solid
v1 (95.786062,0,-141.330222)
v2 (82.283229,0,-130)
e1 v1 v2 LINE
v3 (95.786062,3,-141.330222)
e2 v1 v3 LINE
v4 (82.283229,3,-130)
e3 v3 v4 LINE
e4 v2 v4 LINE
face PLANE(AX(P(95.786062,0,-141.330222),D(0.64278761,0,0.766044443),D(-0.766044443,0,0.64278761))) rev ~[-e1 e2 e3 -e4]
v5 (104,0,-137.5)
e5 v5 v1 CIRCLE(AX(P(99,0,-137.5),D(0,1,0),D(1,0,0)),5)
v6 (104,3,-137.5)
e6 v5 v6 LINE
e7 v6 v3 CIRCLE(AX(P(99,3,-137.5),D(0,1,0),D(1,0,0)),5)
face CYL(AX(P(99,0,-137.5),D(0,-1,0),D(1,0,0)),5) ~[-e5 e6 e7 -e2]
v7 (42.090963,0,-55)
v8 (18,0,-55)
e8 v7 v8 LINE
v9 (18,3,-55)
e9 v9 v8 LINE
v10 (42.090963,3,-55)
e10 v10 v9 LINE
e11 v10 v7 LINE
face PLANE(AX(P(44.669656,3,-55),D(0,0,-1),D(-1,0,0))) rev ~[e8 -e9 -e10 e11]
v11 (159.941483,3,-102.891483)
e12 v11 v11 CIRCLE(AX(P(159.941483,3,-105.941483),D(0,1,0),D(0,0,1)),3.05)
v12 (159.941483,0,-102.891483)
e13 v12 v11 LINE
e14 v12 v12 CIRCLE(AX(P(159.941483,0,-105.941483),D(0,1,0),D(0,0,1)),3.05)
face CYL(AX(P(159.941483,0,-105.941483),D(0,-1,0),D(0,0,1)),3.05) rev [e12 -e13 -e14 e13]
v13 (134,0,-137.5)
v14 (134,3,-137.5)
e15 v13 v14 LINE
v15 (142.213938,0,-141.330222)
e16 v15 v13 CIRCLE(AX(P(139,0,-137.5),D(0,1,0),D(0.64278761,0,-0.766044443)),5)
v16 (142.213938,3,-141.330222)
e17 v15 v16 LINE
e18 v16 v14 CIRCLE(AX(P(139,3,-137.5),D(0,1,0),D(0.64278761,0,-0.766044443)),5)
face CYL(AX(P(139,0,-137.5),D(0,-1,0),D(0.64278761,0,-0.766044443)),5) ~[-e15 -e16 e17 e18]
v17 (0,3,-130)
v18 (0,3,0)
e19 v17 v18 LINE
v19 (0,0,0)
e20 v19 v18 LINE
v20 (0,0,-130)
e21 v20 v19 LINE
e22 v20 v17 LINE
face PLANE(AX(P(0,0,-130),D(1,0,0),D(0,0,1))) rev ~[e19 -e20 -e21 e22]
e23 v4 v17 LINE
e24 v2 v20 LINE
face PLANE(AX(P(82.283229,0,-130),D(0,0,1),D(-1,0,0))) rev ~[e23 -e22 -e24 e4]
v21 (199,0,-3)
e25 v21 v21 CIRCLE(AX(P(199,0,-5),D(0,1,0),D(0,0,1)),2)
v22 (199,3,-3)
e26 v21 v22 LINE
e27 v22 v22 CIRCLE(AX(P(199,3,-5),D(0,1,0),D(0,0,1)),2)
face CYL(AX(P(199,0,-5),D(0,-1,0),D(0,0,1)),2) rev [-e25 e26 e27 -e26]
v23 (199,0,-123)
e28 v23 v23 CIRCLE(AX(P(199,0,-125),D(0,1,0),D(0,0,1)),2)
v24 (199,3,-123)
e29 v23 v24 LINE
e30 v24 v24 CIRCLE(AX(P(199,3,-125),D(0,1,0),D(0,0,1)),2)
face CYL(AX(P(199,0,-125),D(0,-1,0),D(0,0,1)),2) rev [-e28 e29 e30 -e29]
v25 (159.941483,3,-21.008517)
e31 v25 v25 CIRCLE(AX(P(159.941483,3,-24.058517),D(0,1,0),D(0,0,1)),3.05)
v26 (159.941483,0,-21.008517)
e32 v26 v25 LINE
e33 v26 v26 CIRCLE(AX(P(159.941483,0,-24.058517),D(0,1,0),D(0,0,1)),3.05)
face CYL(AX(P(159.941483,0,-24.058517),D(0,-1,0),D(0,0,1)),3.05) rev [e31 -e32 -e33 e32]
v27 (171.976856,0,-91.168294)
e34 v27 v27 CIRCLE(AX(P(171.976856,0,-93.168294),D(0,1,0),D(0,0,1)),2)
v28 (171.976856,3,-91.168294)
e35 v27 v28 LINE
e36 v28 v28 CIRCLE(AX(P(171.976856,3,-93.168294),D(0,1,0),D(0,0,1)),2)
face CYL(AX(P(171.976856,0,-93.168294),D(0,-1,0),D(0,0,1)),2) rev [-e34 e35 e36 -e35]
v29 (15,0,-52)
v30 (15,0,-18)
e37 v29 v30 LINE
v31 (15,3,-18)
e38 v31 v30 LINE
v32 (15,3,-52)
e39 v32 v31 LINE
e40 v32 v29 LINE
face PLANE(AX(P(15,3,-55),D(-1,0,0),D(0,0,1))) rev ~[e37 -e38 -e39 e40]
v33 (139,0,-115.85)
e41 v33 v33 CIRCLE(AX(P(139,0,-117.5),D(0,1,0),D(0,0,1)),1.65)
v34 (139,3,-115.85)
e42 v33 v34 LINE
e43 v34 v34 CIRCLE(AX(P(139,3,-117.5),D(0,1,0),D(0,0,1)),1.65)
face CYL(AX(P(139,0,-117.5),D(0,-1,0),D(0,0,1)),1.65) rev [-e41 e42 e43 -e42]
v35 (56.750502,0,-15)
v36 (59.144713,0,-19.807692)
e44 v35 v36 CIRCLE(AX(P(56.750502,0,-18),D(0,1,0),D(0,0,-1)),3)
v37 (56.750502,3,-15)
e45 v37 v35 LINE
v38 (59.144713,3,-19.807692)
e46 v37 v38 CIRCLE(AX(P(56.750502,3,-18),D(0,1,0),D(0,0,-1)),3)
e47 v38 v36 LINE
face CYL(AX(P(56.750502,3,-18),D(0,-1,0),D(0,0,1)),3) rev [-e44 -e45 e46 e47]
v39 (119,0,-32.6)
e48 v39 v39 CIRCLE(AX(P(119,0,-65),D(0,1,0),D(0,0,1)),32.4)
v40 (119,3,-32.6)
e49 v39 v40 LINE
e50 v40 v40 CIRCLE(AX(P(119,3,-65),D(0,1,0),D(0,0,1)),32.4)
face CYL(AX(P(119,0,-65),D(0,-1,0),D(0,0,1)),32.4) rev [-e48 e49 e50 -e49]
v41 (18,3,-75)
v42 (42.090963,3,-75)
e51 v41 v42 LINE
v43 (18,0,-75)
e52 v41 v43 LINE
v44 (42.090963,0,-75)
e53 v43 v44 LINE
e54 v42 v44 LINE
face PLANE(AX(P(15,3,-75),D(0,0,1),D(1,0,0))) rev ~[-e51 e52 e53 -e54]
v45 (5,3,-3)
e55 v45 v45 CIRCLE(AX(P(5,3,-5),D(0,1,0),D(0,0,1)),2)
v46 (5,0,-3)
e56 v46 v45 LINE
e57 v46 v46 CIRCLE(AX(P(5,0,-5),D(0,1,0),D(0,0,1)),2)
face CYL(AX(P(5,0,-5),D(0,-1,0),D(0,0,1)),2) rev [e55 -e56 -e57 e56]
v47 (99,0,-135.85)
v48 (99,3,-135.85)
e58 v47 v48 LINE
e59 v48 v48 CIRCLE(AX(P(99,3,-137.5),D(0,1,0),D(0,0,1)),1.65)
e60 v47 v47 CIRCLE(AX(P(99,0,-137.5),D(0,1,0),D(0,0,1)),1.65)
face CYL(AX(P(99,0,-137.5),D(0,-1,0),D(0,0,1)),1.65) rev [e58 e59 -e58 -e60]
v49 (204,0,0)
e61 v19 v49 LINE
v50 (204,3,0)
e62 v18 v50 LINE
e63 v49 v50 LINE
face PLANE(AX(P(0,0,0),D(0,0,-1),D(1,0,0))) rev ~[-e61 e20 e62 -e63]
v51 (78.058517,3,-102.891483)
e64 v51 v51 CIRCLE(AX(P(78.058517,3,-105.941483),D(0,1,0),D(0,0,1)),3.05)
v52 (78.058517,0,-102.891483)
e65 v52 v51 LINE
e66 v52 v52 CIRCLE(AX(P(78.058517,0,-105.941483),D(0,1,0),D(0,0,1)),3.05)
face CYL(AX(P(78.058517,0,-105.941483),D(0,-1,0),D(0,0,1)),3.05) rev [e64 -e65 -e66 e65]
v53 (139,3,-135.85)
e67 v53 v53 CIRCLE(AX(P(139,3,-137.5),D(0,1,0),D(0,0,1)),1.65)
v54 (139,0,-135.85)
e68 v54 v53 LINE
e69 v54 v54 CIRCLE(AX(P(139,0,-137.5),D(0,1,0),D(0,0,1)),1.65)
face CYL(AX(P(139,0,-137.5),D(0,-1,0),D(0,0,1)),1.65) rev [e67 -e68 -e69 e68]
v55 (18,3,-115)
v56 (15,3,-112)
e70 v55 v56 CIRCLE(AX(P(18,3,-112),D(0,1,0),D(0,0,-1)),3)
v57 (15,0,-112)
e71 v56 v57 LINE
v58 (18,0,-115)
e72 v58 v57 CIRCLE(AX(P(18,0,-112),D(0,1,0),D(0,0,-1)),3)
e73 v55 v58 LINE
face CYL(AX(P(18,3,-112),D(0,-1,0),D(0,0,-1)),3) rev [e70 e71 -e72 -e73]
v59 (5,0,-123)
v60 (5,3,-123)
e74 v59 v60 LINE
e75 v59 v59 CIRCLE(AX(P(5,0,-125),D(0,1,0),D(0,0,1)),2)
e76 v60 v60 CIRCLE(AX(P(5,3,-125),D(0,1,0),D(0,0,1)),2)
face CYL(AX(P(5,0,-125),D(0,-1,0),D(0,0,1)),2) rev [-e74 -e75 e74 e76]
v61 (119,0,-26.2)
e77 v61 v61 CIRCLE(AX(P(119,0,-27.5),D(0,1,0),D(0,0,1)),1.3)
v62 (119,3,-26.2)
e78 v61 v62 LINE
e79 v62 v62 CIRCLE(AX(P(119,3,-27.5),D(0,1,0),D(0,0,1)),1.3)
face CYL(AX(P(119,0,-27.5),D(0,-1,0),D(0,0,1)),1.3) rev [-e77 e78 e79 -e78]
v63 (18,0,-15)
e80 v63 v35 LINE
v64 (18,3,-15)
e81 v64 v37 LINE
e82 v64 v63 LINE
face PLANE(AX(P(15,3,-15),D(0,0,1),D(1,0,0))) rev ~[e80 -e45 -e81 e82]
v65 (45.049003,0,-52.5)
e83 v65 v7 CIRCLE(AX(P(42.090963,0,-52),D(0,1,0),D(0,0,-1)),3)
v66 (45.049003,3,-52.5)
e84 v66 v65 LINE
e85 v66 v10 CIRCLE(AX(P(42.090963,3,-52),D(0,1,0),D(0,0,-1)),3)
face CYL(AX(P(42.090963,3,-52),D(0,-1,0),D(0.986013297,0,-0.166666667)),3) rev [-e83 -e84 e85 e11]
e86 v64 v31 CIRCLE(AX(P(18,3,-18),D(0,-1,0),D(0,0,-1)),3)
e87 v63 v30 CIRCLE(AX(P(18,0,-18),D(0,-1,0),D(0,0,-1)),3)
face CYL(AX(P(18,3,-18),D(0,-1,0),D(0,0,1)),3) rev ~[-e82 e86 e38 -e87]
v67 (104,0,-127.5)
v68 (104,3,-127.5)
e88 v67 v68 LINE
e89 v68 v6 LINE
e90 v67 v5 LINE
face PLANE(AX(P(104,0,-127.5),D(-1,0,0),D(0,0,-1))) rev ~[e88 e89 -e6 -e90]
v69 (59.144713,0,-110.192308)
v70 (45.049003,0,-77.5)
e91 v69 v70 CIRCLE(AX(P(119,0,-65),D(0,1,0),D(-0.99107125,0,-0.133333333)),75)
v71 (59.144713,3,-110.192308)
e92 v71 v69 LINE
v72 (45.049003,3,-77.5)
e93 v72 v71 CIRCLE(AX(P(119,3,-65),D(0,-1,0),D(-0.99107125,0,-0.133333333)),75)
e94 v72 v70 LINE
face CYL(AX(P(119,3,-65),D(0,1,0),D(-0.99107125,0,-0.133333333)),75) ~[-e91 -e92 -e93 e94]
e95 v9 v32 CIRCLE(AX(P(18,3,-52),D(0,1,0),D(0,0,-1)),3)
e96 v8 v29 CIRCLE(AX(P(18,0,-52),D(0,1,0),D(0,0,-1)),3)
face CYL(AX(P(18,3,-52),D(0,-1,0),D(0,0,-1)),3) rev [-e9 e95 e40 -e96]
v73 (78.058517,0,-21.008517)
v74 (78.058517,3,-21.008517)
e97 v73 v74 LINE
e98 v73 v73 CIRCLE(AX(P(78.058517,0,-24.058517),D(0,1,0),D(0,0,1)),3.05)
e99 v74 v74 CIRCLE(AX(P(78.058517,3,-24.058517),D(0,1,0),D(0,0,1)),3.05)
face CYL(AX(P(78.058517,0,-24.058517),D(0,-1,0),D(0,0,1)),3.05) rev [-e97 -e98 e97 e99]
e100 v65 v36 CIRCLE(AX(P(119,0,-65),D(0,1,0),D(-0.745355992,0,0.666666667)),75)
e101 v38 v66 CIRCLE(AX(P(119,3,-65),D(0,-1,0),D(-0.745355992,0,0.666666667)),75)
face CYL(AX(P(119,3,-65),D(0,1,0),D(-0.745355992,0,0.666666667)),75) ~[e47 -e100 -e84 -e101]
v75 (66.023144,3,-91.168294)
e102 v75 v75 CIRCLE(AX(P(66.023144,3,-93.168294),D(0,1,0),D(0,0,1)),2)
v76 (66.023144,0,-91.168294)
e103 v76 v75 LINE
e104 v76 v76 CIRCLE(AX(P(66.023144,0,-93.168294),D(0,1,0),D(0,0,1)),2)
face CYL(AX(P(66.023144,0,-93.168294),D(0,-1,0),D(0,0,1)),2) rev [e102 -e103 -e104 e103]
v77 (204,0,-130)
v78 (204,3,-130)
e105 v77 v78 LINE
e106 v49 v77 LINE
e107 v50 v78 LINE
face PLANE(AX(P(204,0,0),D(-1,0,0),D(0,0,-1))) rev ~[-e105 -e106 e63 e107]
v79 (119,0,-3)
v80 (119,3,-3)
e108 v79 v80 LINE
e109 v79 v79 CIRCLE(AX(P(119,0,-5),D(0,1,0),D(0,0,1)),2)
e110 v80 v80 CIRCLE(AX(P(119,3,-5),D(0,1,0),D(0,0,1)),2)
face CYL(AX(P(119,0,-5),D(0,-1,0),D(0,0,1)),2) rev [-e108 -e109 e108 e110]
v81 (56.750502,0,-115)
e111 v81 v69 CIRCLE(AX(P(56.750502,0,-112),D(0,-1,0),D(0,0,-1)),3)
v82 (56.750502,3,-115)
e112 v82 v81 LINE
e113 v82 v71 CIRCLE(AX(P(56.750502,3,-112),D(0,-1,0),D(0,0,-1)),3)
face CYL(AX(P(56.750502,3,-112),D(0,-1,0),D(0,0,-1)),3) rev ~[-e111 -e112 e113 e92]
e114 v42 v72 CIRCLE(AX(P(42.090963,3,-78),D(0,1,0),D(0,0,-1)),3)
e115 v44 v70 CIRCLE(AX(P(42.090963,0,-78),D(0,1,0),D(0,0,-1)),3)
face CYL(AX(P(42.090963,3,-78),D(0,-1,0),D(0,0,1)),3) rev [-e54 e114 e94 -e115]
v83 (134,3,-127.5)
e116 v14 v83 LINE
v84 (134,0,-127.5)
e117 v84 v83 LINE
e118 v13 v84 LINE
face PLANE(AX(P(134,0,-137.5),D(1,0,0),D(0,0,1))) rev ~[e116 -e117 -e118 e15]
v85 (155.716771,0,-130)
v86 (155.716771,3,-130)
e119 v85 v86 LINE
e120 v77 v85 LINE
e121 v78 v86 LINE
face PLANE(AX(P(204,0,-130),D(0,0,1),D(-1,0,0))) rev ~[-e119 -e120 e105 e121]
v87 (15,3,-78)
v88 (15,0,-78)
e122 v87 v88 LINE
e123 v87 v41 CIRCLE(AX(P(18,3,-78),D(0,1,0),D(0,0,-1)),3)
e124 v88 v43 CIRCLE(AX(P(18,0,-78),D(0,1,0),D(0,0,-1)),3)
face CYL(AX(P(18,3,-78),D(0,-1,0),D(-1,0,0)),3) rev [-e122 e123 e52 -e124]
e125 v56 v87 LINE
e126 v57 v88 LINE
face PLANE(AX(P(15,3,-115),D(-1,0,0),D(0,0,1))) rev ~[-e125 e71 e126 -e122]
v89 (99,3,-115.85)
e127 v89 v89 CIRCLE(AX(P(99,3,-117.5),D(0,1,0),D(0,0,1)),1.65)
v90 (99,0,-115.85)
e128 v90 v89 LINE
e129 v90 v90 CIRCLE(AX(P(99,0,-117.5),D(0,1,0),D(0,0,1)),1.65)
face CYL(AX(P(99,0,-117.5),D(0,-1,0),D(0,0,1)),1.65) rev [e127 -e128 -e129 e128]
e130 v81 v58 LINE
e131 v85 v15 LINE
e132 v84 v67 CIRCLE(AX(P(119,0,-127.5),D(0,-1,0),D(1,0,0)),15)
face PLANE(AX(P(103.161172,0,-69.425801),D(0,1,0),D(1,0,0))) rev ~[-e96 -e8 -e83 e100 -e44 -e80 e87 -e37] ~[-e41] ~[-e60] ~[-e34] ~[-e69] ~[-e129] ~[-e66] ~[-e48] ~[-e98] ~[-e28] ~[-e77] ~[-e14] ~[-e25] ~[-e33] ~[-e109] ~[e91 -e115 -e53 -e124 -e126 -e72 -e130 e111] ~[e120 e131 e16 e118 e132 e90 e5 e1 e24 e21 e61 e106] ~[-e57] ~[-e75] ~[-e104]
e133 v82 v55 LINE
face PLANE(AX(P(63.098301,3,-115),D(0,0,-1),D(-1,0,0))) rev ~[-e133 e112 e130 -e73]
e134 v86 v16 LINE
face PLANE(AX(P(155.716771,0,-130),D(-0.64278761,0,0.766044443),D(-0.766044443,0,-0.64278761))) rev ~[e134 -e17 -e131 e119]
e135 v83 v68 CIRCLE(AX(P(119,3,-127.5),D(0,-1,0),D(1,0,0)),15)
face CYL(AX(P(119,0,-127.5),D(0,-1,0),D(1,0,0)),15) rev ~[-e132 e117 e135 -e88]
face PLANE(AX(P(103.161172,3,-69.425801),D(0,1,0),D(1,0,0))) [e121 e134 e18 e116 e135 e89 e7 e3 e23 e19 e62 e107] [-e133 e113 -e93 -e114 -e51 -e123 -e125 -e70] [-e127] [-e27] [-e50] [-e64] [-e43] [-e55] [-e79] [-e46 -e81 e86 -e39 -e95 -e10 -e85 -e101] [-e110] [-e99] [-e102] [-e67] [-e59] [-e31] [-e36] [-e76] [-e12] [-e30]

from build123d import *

# Parameters (mm, degrees)
SKETCH_1_R          = 2
SKETCH_1_R_2        = 3.05
SKETCH_1_R_3        = 1.3
SKETCH_1_R_4        = 32.4
SKETCH_1_R_5        = 1.65
EXTRUDE_1_DEPTH     = 3
CUT_EXTRUDE_1_DEPTH = 249.859900346
FILLET_1_R          = 3


with BuildPart() as part:
    # ｽｹｯﾁ1 → ﾎﾞｽ - 押し出し1 (new body)
    with BuildSketch(Plane(origin=(0, 0, 0), x_dir=(1, 0, 0), z_dir=(0, 1, 0))):
        with BuildLine():
            Line((0, 130), (0, 0))
            Line((0, 0), (204, 0))
            Line((204, 0), (204, 130))
            Line((204, 130), (155.716771079, 130))
            Line((155.716771079, 130), (142.213938048, 141.330222216))
            ThreePointArc((142.213938048, 141.330222216), (136.886908691, 142.031538935), (134, 137.5))
            Line((134, 137.5), (134, 127.5))
            ThreePointArc((134, 127.5), (119, 112.5), (104, 127.5))
            Line((104, 127.5), (104, 130))
            Line((104, 130), (104, 137.5))
            ThreePointArc((104, 137.5), (101.113091309, 142.031538935), (95.786061952, 141.330222216))
            Line((95.786061952, 141.330222216), (82.283228921, 130))
            Line((82.283228921, 130), (0, 130))
        make_face()
        with Locations(Location((5, 5, 0), (0, 0, 270))):
            Circle(SKETCH_1_R, mode=Mode.SUBTRACT)
        with Locations(Location((78.058517369, 24.058517369, 0), (0, 0, 270))):
            Circle(SKETCH_1_R_2, mode=Mode.SUBTRACT)
        with Locations(Location((119, 5, 0), (0, 0, 270))):
            Circle(SKETCH_1_R, mode=Mode.SUBTRACT)
        with Locations(Location((119, 27.5, 0), (0, 0, 270))):
            Circle(SKETCH_1_R_3, mode=Mode.SUBTRACT)
        with Locations(Location((199, 5, 0), (0, 0, 270))):
            Circle(SKETCH_1_R, mode=Mode.SUBTRACT)
        with Locations(Location((159.941482631, 24.058517369, 0), (0, 0, 270))):
            Circle(SKETCH_1_R_2, mode=Mode.SUBTRACT)
        with Locations(Location((119, 65, 0), (0, 0, 270))):
            Circle(SKETCH_1_R_4, mode=Mode.SUBTRACT)
        with Locations(Location((66.023144428, 93.168293767, 0), (0, 0, 270))):
            Circle(SKETCH_1_R, mode=Mode.SUBTRACT)
        with Locations(Location((5, 125, 0), (0, 0, 270))):
            Circle(SKETCH_1_R, mode=Mode.SUBTRACT)
        with Locations(Location((78.058517369, 105.941482631, 0), (0, 0, 270))):
            Circle(SKETCH_1_R_2, mode=Mode.SUBTRACT)
        with Locations(Location((99, 117.5, 0), (0, 0, 270))):
            Circle(SKETCH_1_R_5, mode=Mode.SUBTRACT)
        with Locations(Location((99, 137.5, 0), (0, 0, 270))):
            Circle(SKETCH_1_R_5, mode=Mode.SUBTRACT)
        with Locations(Location((171.976855572, 93.168293767, 0), (0, 0, 270))):
            Circle(SKETCH_1_R, mode=Mode.SUBTRACT)
        with Locations(Location((139, 117.5, 0), (0, 0, 270))):
            Circle(SKETCH_1_R_5, mode=Mode.SUBTRACT)
        with Locations(Location((159.941482631, 105.941482631, 0), (0, 0, 270))):
            Circle(SKETCH_1_R_2, mode=Mode.SUBTRACT)
        with Locations(Location((199, 125, 0), (0, 0, 270))):
            Circle(SKETCH_1_R, mode=Mode.SUBTRACT)
        with Locations(Location((139, 137.5, 0), (0, 0, 270))):
            Circle(SKETCH_1_R_5, mode=Mode.SUBTRACT)
    extrude(amount=EXTRUDE_1_DEPTH)

    # ｽｹｯﾁ2 → ｶｯﾄ - 押し出し1 (cut, through all)
    with BuildSketch(Plane(origin=(0, 3, 0), x_dir=(1, 0, 0), z_dir=(0, 1, 0))):
        with BuildLine():
            ThreePointArc((44.669656263, 75), (50.881747913, 96.383175949), (63.098300563, 115))
            Line((63.098300563, 115), (15, 115))
            Line((15, 115), (15, 75))
            Line((15, 75), (44.669656263, 75))
        make_face()
        with BuildLine():
            Line((15, 15), (63.098300563, 15))
            ThreePointArc((63.098300563, 15), (50.881747913, 33.616824051), (44.669656263, 55))
            Line((44.669656263, 55), (15, 55))
            Line((15, 55), (15, 15))
        make_face()
    extrude(amount=-CUT_EXTRUDE_1_DEPTH, mode=Mode.SUBTRACT)

    # ﾌｨﾚｯﾄ1
    fillet_1_edges = [part.edges().sort_by_distance(p)[0] for p in [
        (63.098300563, 1.5, -115),
        (44.669656263, 1.5, -75),
        (15, 1.5, -75),
        (15, 1.5, -115),
        (44.669656263, 1.5, -55),
        (63.098300563, 1.5, -15),
        (15, 1.5, -15),
        (15, 1.5, -55),
    ]]
    fillet(fillet_1_edges, radius=FILLET_1_R)


solid = part.part
